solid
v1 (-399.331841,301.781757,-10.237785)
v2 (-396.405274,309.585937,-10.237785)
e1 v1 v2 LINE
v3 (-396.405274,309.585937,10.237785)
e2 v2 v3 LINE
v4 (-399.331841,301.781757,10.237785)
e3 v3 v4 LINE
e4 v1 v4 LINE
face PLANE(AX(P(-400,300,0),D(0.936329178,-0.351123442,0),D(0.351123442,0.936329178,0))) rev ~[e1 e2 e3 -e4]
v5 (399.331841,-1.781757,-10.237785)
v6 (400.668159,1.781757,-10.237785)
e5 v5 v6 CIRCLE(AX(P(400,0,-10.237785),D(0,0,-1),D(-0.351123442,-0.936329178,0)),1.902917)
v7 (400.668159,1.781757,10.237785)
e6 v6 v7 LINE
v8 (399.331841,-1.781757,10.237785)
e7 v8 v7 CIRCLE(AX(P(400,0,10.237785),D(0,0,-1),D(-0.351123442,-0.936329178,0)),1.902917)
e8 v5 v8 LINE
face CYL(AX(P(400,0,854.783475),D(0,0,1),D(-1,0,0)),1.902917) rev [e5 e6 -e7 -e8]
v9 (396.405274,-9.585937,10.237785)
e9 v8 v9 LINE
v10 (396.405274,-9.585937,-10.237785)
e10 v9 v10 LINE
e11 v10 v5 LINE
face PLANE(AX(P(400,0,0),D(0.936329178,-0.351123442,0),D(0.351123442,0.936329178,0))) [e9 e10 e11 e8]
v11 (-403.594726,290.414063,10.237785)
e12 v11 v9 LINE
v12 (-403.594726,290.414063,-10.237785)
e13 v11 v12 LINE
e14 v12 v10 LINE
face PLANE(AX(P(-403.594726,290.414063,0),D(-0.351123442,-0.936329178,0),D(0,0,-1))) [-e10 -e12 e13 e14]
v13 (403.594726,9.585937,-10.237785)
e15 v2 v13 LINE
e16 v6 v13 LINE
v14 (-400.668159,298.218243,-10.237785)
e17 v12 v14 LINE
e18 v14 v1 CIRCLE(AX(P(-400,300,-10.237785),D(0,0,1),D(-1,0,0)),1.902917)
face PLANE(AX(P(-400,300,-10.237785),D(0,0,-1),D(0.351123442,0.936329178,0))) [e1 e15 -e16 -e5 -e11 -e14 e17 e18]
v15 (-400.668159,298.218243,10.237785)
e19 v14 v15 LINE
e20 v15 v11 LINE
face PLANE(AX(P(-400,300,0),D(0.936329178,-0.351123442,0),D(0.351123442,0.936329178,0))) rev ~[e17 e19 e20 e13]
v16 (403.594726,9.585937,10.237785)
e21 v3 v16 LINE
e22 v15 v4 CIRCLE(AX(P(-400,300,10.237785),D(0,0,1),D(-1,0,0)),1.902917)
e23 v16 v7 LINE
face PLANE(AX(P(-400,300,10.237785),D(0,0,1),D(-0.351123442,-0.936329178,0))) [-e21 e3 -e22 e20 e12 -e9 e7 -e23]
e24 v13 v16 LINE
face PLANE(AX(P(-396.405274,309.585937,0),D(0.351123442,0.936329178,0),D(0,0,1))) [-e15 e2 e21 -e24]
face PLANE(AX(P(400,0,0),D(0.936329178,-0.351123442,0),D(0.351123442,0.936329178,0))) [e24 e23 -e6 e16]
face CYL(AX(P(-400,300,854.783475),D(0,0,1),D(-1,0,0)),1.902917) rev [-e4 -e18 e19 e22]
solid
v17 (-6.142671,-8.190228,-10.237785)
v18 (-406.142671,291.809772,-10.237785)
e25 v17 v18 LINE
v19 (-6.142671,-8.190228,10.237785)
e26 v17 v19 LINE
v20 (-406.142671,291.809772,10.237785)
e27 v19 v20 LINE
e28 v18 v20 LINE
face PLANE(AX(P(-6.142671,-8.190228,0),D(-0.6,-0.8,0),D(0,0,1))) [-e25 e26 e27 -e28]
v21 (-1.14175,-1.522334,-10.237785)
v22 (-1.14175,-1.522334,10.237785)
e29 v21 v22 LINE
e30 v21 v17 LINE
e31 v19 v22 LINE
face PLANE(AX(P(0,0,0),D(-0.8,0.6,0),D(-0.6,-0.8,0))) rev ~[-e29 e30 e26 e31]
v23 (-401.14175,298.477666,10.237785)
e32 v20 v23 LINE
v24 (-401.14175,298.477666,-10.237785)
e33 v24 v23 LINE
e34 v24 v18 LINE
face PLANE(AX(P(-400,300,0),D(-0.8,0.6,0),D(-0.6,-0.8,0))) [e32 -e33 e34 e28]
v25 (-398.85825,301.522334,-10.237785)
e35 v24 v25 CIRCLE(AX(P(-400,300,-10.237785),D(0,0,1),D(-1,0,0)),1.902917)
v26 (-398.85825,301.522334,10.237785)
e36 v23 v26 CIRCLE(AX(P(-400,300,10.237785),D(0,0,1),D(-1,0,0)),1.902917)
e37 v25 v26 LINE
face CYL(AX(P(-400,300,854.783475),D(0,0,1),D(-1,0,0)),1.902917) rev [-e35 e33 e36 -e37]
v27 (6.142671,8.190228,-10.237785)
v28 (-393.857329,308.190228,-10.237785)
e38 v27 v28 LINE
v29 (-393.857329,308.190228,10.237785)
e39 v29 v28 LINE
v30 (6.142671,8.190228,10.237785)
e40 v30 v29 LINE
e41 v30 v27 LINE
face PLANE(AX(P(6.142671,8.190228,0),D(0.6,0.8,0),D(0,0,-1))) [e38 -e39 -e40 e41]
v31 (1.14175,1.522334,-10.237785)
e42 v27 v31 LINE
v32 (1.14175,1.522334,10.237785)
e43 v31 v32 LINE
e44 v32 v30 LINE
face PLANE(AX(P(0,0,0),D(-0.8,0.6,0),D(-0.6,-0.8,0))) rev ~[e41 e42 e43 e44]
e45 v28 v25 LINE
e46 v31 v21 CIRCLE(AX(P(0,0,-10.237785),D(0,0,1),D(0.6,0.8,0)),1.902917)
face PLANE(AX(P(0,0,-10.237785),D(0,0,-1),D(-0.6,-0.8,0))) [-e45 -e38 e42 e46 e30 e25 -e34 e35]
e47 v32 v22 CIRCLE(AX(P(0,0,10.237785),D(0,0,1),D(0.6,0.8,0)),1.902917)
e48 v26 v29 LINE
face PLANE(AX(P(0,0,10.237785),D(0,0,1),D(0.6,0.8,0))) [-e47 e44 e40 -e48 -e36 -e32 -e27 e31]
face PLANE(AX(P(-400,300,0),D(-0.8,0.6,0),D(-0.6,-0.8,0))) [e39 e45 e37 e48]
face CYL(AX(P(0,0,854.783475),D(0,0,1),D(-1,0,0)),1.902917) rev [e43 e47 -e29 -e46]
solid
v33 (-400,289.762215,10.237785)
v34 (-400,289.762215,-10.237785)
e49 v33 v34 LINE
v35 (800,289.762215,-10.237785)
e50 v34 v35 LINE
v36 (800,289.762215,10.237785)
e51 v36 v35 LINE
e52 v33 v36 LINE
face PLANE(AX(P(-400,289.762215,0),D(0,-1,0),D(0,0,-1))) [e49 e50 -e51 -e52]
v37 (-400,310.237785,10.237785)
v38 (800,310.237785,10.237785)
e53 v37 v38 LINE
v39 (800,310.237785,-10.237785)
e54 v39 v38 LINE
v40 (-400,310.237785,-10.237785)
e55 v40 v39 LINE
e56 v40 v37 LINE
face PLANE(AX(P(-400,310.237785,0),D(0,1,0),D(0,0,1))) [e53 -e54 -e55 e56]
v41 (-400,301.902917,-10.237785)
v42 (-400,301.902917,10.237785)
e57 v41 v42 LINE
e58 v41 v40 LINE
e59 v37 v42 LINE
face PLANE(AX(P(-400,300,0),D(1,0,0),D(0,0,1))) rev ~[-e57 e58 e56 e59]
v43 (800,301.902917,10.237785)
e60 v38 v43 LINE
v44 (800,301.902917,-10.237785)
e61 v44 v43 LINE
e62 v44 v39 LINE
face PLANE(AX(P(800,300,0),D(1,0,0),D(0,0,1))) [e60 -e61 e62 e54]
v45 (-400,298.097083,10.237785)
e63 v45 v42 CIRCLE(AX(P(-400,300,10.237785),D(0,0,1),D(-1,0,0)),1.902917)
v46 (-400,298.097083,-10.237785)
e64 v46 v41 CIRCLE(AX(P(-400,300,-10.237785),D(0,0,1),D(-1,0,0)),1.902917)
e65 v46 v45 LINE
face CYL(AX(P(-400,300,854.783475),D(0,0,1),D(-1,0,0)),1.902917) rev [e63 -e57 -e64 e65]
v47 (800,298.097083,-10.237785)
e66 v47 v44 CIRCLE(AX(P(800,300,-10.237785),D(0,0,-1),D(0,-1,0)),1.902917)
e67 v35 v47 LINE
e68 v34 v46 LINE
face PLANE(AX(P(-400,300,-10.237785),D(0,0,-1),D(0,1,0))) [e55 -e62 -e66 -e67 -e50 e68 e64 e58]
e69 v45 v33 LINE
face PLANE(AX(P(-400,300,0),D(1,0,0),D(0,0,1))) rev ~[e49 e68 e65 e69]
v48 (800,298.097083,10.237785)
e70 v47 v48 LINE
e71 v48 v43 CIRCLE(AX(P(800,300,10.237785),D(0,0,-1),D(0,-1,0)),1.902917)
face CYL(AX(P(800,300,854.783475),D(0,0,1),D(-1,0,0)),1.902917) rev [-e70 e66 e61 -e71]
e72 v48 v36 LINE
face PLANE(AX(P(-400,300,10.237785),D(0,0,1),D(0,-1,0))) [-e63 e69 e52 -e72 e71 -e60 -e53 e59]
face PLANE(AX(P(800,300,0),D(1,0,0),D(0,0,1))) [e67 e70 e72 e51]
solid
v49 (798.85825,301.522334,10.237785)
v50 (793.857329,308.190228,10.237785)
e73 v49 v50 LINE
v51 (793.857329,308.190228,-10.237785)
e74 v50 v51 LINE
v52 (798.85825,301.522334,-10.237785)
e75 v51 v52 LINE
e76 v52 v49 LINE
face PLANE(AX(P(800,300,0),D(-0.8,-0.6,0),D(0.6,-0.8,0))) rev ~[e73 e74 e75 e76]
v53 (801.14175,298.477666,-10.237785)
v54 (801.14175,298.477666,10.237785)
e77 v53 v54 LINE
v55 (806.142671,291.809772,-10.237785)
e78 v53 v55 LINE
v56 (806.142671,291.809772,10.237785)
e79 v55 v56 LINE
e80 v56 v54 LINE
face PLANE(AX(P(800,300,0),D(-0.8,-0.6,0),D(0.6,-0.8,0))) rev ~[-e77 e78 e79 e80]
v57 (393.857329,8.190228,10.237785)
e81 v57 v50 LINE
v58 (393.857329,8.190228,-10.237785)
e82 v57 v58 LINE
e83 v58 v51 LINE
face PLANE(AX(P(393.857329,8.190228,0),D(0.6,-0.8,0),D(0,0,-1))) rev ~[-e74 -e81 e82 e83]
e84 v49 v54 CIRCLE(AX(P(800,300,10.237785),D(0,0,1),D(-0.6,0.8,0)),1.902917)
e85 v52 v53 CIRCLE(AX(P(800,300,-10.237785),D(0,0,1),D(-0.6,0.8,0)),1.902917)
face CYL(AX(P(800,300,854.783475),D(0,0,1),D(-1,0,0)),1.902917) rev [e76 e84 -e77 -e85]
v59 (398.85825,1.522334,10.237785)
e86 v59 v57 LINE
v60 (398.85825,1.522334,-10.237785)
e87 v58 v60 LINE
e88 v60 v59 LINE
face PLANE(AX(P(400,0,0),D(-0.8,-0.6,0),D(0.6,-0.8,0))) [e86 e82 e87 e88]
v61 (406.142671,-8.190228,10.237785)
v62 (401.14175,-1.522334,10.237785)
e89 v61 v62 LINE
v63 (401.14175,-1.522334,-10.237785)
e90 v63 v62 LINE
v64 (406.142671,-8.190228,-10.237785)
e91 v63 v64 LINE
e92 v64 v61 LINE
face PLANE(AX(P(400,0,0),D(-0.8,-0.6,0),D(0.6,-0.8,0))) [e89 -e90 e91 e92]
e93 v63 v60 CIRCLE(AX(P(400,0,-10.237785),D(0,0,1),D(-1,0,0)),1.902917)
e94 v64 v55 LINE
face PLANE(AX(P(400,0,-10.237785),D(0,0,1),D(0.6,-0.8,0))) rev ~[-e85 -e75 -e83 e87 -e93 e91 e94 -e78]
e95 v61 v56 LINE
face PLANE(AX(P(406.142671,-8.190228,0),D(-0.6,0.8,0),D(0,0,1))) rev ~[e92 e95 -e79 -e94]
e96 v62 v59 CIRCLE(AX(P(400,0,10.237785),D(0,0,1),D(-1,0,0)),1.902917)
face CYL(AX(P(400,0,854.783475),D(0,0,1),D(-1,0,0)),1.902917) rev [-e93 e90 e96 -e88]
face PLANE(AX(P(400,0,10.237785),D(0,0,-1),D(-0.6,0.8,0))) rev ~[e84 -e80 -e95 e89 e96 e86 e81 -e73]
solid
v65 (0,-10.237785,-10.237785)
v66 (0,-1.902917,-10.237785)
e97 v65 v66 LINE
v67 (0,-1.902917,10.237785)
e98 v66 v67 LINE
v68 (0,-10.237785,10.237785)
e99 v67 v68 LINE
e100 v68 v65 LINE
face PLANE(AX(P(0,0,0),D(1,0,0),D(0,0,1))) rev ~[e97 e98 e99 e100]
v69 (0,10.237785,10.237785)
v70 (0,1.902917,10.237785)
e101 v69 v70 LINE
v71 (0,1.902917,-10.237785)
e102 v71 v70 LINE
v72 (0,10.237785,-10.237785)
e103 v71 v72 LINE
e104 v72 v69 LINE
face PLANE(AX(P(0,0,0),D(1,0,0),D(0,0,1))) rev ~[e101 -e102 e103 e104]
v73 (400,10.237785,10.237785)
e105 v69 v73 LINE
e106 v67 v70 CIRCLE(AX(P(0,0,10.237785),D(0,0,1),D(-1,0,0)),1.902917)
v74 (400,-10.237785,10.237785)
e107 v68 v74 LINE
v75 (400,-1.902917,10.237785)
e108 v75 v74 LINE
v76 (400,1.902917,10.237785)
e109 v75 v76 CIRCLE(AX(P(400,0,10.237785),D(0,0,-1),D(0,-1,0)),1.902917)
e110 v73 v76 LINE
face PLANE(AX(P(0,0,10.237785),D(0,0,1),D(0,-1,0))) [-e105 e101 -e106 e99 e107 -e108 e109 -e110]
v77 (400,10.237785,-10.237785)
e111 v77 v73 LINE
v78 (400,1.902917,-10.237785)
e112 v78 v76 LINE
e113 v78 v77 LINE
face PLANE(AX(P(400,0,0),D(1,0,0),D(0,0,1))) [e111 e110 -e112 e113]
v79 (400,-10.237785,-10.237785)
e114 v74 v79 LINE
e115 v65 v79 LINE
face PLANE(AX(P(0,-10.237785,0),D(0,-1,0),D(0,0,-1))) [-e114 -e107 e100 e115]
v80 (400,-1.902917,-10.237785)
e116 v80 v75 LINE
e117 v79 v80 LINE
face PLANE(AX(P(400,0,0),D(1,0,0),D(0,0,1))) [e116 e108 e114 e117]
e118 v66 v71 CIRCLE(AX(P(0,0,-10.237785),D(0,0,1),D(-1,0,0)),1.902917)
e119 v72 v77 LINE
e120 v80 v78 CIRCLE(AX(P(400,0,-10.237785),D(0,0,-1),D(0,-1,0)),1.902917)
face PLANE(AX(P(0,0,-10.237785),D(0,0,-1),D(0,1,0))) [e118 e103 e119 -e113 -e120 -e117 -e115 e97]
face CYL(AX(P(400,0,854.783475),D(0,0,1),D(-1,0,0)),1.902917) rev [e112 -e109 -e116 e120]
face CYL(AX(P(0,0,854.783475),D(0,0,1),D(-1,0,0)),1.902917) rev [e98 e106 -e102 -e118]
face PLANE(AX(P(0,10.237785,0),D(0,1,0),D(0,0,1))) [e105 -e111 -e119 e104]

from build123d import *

# Parameters (mm, degrees)
SKETCH129_W              = 20.47557081
SKETCH129_H              = 20.47557081
SKETCH130_W              = 20.47557081
SKETCH130_H              = 20.47557081
SKETCH131_W              = 20.47557081
SKETCH131_H              = 20.47557081
SKETCH135_W              = 20.47557081
SKETCH135_H              = 20.47557081
SKETCH134_W              = 20.47557081
SKETCH134_H              = 20.47557081
CUT_EXTRUDE10_DEPTH      = 865.021260671
CUT_EXTRUDE10_DEPTH_BACK = 865.021260671
SKETCH154_R              = 1.902917041


with BuildPart() as part:
    # Sweep3: sweep along a path in Sketch2
    with BuildLine(Plane.XY) as sweep3_path:
        Line((-400, 300), (800, 300))
    # Sketch129 → Sweep3 (sweep)
    with BuildSketch(Plane(origin=(0, 0, 0), x_dir=(0, 0, -1), z_dir=(1, 0, 0))):
        with Locations((0, 300)):
            Rectangle(SKETCH129_W, SKETCH129_H)
    sweep(path=sweep3_path.line)


with BuildPart() as body_2:
    # Sweep4: sweep along a path in Sketch123
    with BuildLine(Plane.XY) as sweep4_path:
        Line((0, 0), (400, 0))
    # Sketch130 → Sweep4 (sweep)
    with BuildSketch(Plane(origin=(0, 0, 0), x_dir=(0, 0, -1), z_dir=(1, 0, 0))):
        Rectangle(SKETCH130_W, SKETCH130_H)
    sweep(path=sweep4_path.line)


with BuildPart() as body_3:
    # Sweep5: sweep along a path in Sketch126
    with BuildLine(Plane.XY) as sweep5_path:
        Line((400, 0), (800, 300))
    # Sketch131 → Sweep5 (sweep)
    with BuildSketch(Plane(origin=(800, 300, 0), x_dir=(0, 0, 1), z_dir=(-0.8, -0.6, 0))):
        Rectangle(SKETCH131_W, SKETCH131_H)
    sweep(path=sweep5_path.line)


with BuildPart() as body_4:
    # Sweep6: sweep along a path in Sketch125
    with BuildLine(Plane.XY) as sweep6_path:
        Line((-400, 300), (400, 0))
    # Sketch135 → Sweep6 (sweep)
    with BuildSketch(Plane(origin=(400, 0, 0), x_dir=(0, 0, -1), z_dir=(0.9363291775690445, -0.35112344158839176, 0))):
        Rectangle(SKETCH135_W, SKETCH135_H)
    sweep(path=sweep6_path.line)


with BuildPart() as body_5:
    # Sweep7: sweep along a path in Sketch124
    with BuildLine(Plane.XY) as sweep7_path:
        Line((0, 0), (-400, 300))
    # Sketch134 → Sweep7 (sweep)
    with BuildSketch(Plane(origin=(-400, 300, 0), x_dir=(0, 0, 1), z_dir=(-0.8, 0.6, 0))):
        Rectangle(SKETCH134_W, SKETCH134_H)
    sweep(path=sweep7_path.line)


with BuildPart() as cut_extrude10_tool:
    # Sketch154 → Cut-Extrude10 (new, two sides: drawn at the far end of the back side and taken through both)
    with BuildSketch(Plane(origin=(0, 0, -10.237785405), x_dir=(-1, 0, 0), z_dir=(0, 0, -1)).offset(-CUT_EXTRUDE10_DEPTH_BACK)):
        with Locations((-800, 300)):
            Circle(SKETCH154_R)
        with Locations((-400, 0)):
            Circle(SKETCH154_R)
        Circle(SKETCH154_R)
        with Locations((400, 300)):
            Circle(SKETCH154_R)
    extrude(amount=CUT_EXTRUDE10_DEPTH + CUT_EXTRUDE10_DEPTH_BACK)


with BuildPart() as part_1:
    add(part.part)

    # Cut-Extrude10: cut by cut_extrude10_tool
    add(cut_extrude10_tool.part, mode=Mode.SUBTRACT)


with BuildPart() as body_2_1:
    add(body_2.part)

    # Cut-Extrude10: cut by cut_extrude10_tool
    add(cut_extrude10_tool.part, mode=Mode.SUBTRACT)


with BuildPart() as body_3_1:
    add(body_3.part)

    # Cut-Extrude10: cut by cut_extrude10_tool
    add(cut_extrude10_tool.part, mode=Mode.SUBTRACT)


with BuildPart() as body_4_1:
    add(body_4.part)

    # Cut-Extrude10: cut by cut_extrude10_tool
    add(cut_extrude10_tool.part, mode=Mode.SUBTRACT)


with BuildPart() as body_5_1:
    add(body_5.part)

    # Cut-Extrude10: cut by cut_extrude10_tool
    add(cut_extrude10_tool.part, mode=Mode.SUBTRACT)


solid = Compound([part_1.part, body_2_1.part, body_3_1.part, body_4_1.part, body_5_1.part])
